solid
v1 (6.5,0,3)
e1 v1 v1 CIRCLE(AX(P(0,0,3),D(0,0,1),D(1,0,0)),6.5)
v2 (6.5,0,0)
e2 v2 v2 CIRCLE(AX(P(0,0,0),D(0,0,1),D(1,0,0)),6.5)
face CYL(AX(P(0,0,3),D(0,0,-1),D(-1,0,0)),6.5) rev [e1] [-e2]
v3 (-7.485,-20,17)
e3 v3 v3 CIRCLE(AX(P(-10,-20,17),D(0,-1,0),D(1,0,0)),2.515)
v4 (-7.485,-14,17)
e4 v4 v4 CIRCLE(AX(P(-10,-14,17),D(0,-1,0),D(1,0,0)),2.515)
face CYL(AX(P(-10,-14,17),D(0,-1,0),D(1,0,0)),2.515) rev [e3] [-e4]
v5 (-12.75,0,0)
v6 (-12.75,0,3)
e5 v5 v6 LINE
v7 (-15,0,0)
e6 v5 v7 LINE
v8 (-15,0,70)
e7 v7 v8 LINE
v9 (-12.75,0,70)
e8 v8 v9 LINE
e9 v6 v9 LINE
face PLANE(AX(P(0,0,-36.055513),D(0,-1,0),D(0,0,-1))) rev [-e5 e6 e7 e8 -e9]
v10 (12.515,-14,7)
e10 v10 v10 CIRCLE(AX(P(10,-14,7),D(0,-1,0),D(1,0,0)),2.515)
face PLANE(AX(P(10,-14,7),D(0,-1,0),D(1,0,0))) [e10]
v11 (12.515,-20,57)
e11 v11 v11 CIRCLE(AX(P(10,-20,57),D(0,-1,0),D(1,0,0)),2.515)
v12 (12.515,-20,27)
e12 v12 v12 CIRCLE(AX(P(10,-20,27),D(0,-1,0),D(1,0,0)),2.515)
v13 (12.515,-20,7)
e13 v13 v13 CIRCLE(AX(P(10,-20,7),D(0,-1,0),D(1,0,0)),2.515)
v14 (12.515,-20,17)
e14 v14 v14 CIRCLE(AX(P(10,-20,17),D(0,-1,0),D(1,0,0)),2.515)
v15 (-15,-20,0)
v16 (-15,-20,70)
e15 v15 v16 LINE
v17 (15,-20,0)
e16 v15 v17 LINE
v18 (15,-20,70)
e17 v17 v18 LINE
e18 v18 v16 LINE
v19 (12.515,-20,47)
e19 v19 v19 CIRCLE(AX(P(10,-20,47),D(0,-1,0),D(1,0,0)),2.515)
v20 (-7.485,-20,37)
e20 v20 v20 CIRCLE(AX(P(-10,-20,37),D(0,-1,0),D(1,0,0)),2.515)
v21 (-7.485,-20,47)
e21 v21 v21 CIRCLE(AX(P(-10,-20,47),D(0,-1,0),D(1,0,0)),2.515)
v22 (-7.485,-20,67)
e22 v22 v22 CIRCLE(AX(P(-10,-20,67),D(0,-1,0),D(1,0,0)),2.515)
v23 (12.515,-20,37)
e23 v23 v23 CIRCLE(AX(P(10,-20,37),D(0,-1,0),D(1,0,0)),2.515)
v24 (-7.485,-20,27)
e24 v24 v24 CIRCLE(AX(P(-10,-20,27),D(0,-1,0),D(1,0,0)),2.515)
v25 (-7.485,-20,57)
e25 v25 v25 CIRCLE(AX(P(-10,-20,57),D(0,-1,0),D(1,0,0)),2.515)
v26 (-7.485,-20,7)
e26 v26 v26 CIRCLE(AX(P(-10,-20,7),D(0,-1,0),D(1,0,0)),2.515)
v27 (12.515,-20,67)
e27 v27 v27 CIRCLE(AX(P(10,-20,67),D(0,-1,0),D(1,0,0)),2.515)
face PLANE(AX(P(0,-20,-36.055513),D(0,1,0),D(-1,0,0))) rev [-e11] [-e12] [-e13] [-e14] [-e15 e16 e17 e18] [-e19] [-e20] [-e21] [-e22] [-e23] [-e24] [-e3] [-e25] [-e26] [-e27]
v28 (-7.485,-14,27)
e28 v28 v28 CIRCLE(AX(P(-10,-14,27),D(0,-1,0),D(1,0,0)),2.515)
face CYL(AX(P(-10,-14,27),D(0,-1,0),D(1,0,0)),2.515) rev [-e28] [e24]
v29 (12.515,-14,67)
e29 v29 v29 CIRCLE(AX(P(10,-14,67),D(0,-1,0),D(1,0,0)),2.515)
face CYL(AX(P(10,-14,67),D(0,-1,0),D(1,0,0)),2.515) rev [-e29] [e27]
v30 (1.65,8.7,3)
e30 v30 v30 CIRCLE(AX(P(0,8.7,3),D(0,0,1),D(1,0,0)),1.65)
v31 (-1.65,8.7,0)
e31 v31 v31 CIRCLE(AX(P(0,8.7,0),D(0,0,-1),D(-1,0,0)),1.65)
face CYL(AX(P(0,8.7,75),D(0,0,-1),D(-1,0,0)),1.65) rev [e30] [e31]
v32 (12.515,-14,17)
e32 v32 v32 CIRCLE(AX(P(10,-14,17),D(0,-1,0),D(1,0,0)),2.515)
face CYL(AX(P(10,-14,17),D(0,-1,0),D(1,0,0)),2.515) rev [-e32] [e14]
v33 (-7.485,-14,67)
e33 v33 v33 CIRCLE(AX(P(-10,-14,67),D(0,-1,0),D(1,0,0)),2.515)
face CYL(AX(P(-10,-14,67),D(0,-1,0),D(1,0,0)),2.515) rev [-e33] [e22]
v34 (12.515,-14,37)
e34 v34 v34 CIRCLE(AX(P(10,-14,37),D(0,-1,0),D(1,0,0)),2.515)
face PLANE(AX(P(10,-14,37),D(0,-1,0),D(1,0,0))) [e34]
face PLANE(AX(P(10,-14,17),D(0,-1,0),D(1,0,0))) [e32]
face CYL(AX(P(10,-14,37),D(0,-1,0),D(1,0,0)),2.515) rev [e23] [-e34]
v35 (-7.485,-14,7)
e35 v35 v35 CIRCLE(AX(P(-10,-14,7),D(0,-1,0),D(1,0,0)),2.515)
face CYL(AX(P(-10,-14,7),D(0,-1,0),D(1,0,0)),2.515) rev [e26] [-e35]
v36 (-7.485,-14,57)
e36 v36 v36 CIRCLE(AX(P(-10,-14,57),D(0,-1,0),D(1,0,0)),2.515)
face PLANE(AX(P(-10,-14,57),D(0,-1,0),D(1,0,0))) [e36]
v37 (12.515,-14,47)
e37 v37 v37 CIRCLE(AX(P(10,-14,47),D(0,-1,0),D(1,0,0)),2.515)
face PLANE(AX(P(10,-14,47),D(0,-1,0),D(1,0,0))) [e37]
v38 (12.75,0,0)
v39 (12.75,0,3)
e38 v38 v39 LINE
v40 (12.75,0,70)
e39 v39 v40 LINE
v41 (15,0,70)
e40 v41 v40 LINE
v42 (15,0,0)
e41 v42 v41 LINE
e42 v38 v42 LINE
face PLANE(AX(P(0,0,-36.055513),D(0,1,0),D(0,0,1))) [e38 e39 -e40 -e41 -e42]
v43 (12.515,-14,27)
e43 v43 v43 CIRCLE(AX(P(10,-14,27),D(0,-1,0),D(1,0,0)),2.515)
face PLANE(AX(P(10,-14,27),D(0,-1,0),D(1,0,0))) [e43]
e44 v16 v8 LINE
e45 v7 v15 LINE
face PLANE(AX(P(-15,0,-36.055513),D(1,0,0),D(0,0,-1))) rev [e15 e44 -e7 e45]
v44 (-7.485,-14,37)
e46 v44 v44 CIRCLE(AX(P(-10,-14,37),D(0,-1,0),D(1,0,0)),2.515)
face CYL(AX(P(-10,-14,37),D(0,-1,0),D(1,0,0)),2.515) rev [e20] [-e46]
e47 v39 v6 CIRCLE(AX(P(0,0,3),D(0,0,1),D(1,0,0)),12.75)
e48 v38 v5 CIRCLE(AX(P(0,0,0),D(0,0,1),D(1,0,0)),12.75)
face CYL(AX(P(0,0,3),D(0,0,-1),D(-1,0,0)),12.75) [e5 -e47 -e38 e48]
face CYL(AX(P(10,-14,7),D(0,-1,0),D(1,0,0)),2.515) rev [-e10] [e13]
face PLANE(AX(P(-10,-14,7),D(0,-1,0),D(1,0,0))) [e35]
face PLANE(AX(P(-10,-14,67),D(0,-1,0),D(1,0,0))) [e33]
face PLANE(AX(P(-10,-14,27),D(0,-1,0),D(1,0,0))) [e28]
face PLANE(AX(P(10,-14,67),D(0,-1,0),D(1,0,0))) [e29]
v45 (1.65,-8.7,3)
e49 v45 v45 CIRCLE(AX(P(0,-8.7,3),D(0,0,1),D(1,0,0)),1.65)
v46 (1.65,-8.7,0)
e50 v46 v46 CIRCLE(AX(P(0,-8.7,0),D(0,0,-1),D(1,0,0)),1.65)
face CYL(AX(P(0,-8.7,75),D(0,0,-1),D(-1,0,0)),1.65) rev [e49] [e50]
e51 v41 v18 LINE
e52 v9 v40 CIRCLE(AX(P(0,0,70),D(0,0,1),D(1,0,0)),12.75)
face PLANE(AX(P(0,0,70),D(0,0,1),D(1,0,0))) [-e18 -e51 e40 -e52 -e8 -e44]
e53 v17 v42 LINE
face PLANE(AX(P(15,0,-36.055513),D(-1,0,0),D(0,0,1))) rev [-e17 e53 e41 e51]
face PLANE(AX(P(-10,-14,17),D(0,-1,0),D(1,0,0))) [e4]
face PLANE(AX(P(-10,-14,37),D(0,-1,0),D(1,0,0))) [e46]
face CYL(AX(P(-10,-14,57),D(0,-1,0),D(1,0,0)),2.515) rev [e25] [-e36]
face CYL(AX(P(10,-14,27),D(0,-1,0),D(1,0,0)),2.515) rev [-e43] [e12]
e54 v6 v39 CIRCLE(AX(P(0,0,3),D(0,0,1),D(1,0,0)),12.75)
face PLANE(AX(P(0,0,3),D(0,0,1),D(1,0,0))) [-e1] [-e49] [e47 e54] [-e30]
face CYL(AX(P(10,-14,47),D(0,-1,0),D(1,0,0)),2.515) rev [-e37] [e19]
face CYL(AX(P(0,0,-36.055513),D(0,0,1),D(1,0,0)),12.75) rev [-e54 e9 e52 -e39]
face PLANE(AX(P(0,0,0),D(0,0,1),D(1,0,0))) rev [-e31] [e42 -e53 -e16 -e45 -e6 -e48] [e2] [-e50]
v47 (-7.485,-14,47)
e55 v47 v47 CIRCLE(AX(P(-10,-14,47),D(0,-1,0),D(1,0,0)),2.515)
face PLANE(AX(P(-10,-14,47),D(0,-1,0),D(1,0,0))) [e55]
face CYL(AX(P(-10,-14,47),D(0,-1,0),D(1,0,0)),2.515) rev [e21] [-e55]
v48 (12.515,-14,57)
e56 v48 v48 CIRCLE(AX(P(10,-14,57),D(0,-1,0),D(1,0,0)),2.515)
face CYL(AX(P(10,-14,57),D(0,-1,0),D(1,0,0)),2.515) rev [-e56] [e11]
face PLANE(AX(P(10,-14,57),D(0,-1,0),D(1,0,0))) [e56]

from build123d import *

# Parameters (mm, degrees)
SKETCH1_R                = 12.75
SKETCH1_R_2              = 6.5
BOSS_EXTRUDE1_DEPTH      = 3
BOSS_EXTRUDE2_DEPTH      = 67
BOSS_EXTRUDE2_DEPTH_BACK = 3
SKETCH4_R                = 2.515
CUT_EXTRUDE1_DEPTH       = 6
LPATTERN1_COUNT          = 2
LPATTERN1_PITCH          = 20
LPATTERN1_COUNT_DIR2     = 7
LPATTERN1_PITCH_DIR2     = 10
SKETCH5_R                = 1.65
CUT_EXTRUDE2_DEPTH       = 75


with BuildPart() as part:
    # Sketch1 → Boss-Extrude1 (new body)
    with BuildSketch(Plane.XY):
        Circle(SKETCH1_R)
        Circle(SKETCH1_R_2, mode=Mode.SUBTRACT)
    extrude(amount=BOSS_EXTRUDE1_DEPTH)

    # Sketch2 → Boss-Extrude2 (add, two sides)
    with BuildSketch(Plane.XY.offset(3)) as boss_extrude2_sk:
        with BuildLine():
            Line((15, -20), (15, 0))
            Line((15, 0), (12.75, 0))
            ThreePointArc((12.75, 0), (0, -12.75), (-12.75, 0))
            Line((-12.75, 0), (-15, 0))
            Line((-15, 0), (-15, -20))
            Line((-15, -20), (15, -20))
        make_face()
    extrude(amount=BOSS_EXTRUDE2_DEPTH)
    extrude(boss_extrude2_sk.sketch, amount=-BOSS_EXTRUDE2_DEPTH_BACK)

    # Sketch4 → Cut-Extrude1 (cut)
    with BuildSketch(Plane.XZ.offset(20)):
        with Locations((-10, 67)):
            Circle(SKETCH4_R)
    cut_extrude1 = extrude(amount=-CUT_EXTRUDE1_DEPTH, mode=Mode.SUBTRACT)

    # LPattern1: Cut-Extrude1 2 × 7
    with Locations(*[(i * LPATTERN1_PITCH, 0, -j * LPATTERN1_PITCH_DIR2) for i in range(LPATTERN1_COUNT) for j in range(LPATTERN1_COUNT_DIR2) if (i, j) != (0, 0)]):
        add(cut_extrude1, mode=Mode.SUBTRACT)

    # Sketch5 → Cut-Extrude2 (cut)
    with BuildSketch(Plane(origin=(0, 0, 0), x_dir=(-1, 0, 0), z_dir=(0, 0, -1))):
        with Locations((0, 8.7)):
            Circle(SKETCH5_R)
        with Locations((0, -8.7)):
            Circle(SKETCH5_R)
    extrude(amount=-CUT_EXTRUDE2_DEPTH, mode=Mode.SUBTRACT)


solid = part.part
